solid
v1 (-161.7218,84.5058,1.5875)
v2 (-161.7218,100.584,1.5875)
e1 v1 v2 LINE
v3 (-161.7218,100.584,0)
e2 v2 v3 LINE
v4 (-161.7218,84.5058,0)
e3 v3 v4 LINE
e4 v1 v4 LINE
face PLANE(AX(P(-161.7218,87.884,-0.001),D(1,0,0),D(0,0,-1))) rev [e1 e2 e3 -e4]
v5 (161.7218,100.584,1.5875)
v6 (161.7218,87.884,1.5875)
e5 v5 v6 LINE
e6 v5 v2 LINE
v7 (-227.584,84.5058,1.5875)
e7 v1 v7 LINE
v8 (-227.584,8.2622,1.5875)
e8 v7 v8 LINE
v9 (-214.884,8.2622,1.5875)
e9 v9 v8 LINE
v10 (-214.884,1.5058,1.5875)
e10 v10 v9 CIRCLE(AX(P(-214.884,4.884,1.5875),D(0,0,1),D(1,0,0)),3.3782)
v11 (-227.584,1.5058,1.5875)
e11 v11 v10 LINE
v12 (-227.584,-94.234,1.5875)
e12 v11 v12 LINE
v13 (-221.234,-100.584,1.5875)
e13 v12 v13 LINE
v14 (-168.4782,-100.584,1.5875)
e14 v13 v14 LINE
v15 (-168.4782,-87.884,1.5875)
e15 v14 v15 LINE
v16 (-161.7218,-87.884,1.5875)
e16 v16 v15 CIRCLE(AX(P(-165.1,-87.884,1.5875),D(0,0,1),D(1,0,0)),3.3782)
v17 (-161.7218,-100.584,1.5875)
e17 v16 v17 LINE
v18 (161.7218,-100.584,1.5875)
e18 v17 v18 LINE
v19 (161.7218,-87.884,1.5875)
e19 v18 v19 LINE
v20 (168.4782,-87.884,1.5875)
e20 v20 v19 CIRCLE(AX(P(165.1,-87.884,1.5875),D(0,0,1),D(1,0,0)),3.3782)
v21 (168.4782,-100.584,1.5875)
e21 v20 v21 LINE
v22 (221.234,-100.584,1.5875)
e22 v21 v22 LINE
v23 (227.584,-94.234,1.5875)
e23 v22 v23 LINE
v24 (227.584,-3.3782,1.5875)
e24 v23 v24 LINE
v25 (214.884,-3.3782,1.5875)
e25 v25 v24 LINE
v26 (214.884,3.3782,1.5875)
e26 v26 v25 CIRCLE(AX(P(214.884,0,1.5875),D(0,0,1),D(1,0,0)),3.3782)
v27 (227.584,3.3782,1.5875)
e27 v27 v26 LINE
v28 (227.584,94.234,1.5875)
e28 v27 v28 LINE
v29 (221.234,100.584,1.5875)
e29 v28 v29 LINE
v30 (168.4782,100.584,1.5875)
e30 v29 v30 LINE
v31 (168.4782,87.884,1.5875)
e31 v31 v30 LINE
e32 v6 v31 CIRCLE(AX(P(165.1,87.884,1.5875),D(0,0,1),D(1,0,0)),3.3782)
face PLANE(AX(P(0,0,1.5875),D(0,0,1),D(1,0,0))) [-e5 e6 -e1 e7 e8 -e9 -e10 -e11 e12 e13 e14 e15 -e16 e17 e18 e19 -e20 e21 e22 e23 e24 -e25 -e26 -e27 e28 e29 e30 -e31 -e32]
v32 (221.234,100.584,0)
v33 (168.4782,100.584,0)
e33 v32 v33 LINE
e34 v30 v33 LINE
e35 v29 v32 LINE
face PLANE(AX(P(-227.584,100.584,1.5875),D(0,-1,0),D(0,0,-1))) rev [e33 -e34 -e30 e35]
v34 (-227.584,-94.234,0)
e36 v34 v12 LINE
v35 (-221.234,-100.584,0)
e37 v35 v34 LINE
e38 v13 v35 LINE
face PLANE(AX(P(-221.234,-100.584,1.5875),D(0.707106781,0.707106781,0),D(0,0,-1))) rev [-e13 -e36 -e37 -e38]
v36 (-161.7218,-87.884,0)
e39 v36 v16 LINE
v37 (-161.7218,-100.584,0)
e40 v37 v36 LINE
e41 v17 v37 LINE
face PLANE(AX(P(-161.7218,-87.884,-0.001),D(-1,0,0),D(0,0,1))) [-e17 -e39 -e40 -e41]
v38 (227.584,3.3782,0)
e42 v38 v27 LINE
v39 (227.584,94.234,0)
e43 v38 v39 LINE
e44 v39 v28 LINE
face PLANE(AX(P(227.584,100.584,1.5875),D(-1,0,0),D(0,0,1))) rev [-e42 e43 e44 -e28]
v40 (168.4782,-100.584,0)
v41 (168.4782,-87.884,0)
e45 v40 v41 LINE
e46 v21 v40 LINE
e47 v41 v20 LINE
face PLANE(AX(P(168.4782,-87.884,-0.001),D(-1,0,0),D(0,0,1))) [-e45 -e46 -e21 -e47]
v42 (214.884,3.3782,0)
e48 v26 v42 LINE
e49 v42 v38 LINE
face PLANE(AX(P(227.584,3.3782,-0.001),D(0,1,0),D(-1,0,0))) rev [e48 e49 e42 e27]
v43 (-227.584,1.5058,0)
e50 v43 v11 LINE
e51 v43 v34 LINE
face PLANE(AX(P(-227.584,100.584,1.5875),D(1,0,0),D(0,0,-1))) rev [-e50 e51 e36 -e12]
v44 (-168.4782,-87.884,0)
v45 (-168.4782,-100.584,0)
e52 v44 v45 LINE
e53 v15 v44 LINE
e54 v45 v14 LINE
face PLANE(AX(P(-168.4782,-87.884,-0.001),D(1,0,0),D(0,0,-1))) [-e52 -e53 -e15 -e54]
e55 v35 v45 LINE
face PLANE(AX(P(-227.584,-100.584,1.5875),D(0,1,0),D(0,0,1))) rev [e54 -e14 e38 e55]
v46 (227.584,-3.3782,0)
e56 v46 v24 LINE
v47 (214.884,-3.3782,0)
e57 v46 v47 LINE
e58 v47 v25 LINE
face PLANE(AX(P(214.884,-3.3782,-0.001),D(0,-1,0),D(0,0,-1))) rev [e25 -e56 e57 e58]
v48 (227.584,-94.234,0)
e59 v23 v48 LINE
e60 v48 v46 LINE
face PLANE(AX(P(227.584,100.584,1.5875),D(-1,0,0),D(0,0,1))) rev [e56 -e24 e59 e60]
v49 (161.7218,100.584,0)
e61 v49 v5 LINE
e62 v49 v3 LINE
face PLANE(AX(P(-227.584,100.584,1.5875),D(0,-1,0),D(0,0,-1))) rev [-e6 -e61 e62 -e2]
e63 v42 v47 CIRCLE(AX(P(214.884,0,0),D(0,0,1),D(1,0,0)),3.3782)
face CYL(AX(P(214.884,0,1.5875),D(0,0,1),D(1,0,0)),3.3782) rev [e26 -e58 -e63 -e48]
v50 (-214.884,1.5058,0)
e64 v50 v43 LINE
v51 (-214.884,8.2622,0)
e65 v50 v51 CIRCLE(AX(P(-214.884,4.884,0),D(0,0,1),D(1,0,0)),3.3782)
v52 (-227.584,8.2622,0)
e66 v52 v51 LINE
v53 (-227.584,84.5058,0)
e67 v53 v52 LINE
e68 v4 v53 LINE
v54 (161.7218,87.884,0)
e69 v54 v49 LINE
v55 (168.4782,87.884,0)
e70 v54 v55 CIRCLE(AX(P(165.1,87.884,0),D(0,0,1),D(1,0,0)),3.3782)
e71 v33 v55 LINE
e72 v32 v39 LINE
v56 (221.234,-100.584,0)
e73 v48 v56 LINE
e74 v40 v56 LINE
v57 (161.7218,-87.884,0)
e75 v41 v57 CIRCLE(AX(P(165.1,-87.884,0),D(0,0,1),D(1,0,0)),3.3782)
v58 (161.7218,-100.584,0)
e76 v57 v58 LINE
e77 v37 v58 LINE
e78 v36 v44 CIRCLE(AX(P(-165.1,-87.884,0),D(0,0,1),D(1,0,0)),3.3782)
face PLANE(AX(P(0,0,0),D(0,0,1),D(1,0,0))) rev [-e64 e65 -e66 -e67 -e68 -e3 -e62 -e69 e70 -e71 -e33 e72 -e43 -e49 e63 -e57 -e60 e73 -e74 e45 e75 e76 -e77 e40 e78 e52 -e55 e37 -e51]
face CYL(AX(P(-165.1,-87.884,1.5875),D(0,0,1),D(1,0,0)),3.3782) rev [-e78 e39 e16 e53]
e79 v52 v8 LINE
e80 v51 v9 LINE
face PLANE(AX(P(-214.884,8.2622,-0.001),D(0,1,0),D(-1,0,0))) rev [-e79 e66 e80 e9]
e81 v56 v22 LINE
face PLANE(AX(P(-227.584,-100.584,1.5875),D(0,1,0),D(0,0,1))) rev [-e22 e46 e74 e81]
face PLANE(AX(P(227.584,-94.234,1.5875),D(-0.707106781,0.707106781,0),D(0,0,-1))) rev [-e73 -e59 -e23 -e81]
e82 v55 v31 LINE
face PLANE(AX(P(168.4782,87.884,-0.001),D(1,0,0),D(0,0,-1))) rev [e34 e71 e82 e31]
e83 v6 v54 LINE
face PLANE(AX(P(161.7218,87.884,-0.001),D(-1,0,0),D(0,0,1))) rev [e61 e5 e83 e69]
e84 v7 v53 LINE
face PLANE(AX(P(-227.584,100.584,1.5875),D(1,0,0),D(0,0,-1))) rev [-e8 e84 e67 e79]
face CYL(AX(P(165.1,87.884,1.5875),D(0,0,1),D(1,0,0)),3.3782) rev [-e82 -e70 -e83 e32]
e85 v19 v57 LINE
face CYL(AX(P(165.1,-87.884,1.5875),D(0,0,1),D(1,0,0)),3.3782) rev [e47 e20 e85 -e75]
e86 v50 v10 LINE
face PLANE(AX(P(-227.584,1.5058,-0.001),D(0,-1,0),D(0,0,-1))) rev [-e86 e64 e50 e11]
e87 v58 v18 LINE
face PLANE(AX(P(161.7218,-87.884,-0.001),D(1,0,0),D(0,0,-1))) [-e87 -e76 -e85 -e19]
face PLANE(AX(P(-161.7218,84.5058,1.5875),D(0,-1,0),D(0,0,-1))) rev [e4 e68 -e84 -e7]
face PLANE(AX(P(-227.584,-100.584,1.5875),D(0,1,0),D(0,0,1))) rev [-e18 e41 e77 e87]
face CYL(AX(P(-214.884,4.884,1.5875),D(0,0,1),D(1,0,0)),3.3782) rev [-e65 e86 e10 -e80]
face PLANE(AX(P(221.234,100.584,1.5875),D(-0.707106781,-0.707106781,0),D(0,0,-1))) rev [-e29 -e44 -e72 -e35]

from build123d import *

# Parameters (mm, degrees)
SKETCH1_W               = 455.168
SKETCH1_H               = 201.168
BOSS_EXTRUDE1_DEPTH     = 1.5875
F_1_4_CLEARANCE_HOLE1_D = 6.7564
CUT_EXTRUDE1_REACH      = 250.826
SKETCH6_W               = 6.7564
SKETCH6_H               = 14.478
CUT_EXTRUDE2_REACH      = 250.826
SKETCH7_W               = 12.7
SKETCH7_H               = 6.7564
CUT_EXTRUDE3_DEPTH      = 249.825517719
CHAMFER1_SIZE           = 6.35


with BuildPart() as part:
    # Sketch1 → Boss-Extrude1 (new body)
    with BuildSketch(Plane.XY):
        Rectangle(SKETCH1_W, SKETCH1_H)
    extrude(amount=BOSS_EXTRUDE1_DEPTH)

    # 1/4 Clearance Hole1 (through all)
    with Locations(Plane.XY.offset(1.5875)):
        with Locations((-165.1, 87.884), (165.1, 87.884), (214.884, 0), (-165.1, -87.884), (165.1, -87.884), (-214.884, 4.884)):
            Hole(F_1_4_CLEARANCE_HOLE1_D / 2)

    # Sketch6 → Cut-Extrude1 (cut, up to next)
    with BuildSketch(Plane.XY.offset(1.5875), mode=Mode.PRIVATE) as cut_extrude1_sk1:
        with Locations((-165.1, 95.123)):
            Rectangle(SKETCH6_W, SKETCH6_H)
    cut_extrude1_tool1 = extrude(cut_extrude1_sk1.sketch, amount=-CUT_EXTRUDE1_REACH, mode=Mode.PRIVATE) & part.part
    # Sketch6 → Cut-Extrude1 (cut, up to next)
    with BuildSketch(Plane.XY.offset(1.5875), mode=Mode.PRIVATE) as cut_extrude1_sk2:
        with Locations((165.1, 95.123)):
            Rectangle(SKETCH6_W, SKETCH6_H)
    cut_extrude1_tool2 = extrude(cut_extrude1_sk2.sketch, amount=-CUT_EXTRUDE1_REACH, mode=Mode.PRIVATE) & part.part
    cut_extrude1_1 = cut_extrude1_tool1.solids().sort_by_distance((-165.1, 95.123, 1.5875))[0]
    add(cut_extrude1_1, mode=Mode.SUBTRACT)
    cut_extrude1_2 = cut_extrude1_tool2.solids().sort_by_distance((165.1, 95.123, 1.5875))[0]
    add(cut_extrude1_2, mode=Mode.SUBTRACT)
    cut_extrude1 = cut_extrude1_1 + cut_extrude1_2  # Cut-Extrude1 as one shape, for the pattern or mirror that repeats it

    # Mirror1: Cut-Extrude1 across plane
    add(cut_extrude1.mirror(Plane.ZX), mode=Mode.SUBTRACT)

    # Sketch7 → Cut-Extrude2 (cut, up to next)
    with BuildSketch(Plane.XY.offset(1.5875), mode=Mode.PRIVATE) as cut_extrude2_sk1:
        with Locations((-221.234, 4.884)):
            Rectangle(SKETCH7_W, SKETCH7_H)
    cut_extrude2_tool1 = extrude(cut_extrude2_sk1.sketch, amount=-CUT_EXTRUDE2_REACH, mode=Mode.PRIVATE) & part.part
    # Sketch7 → Cut-Extrude2 (cut, up to next)
    with BuildSketch(Plane.XY.offset(1.5875), mode=Mode.PRIVATE) as cut_extrude2_sk2:
        with Locations((221.234, 0)):
            Rectangle(SKETCH7_W, SKETCH7_H)
    cut_extrude2_tool2 = extrude(cut_extrude2_sk2.sketch, amount=-CUT_EXTRUDE2_REACH, mode=Mode.PRIVATE) & part.part
    add(cut_extrude2_tool1.solids().sort_by_distance((-221.234, 4.884, 1.5875))[0], mode=Mode.SUBTRACT)
    add(cut_extrude2_tool2.solids().sort_by_distance((221.234, 0, 1.5875))[0], mode=Mode.SUBTRACT)

    # Sketch8 → Cut-Extrude3 (cut, through all)
    with BuildSketch(Plane(origin=(0, 0, 0), x_dir=(-1, 0, 0), z_dir=(0, 0, -1))):
        Polygon((168.4782, 100.584), (227.584, 100.584), (227.584, 84.5058), (161.7218, 84.5058), (161.7218, 100.584), align=None)
    extrude(amount=-CUT_EXTRUDE3_DEPTH, mode=Mode.SUBTRACT)

    # Chamfer1
    chamfer1_edges = [part.edges().sort_by_distance(p)[0] for p in [
        (227.584, -100.584, 0.79375),
        (-227.584, -100.584, 0.79375),
        (227.584, 100.584, 0.79375),
    ]]
    chamfer(chamfer1_edges, length=CHAMFER1_SIZE)


solid = part.part
